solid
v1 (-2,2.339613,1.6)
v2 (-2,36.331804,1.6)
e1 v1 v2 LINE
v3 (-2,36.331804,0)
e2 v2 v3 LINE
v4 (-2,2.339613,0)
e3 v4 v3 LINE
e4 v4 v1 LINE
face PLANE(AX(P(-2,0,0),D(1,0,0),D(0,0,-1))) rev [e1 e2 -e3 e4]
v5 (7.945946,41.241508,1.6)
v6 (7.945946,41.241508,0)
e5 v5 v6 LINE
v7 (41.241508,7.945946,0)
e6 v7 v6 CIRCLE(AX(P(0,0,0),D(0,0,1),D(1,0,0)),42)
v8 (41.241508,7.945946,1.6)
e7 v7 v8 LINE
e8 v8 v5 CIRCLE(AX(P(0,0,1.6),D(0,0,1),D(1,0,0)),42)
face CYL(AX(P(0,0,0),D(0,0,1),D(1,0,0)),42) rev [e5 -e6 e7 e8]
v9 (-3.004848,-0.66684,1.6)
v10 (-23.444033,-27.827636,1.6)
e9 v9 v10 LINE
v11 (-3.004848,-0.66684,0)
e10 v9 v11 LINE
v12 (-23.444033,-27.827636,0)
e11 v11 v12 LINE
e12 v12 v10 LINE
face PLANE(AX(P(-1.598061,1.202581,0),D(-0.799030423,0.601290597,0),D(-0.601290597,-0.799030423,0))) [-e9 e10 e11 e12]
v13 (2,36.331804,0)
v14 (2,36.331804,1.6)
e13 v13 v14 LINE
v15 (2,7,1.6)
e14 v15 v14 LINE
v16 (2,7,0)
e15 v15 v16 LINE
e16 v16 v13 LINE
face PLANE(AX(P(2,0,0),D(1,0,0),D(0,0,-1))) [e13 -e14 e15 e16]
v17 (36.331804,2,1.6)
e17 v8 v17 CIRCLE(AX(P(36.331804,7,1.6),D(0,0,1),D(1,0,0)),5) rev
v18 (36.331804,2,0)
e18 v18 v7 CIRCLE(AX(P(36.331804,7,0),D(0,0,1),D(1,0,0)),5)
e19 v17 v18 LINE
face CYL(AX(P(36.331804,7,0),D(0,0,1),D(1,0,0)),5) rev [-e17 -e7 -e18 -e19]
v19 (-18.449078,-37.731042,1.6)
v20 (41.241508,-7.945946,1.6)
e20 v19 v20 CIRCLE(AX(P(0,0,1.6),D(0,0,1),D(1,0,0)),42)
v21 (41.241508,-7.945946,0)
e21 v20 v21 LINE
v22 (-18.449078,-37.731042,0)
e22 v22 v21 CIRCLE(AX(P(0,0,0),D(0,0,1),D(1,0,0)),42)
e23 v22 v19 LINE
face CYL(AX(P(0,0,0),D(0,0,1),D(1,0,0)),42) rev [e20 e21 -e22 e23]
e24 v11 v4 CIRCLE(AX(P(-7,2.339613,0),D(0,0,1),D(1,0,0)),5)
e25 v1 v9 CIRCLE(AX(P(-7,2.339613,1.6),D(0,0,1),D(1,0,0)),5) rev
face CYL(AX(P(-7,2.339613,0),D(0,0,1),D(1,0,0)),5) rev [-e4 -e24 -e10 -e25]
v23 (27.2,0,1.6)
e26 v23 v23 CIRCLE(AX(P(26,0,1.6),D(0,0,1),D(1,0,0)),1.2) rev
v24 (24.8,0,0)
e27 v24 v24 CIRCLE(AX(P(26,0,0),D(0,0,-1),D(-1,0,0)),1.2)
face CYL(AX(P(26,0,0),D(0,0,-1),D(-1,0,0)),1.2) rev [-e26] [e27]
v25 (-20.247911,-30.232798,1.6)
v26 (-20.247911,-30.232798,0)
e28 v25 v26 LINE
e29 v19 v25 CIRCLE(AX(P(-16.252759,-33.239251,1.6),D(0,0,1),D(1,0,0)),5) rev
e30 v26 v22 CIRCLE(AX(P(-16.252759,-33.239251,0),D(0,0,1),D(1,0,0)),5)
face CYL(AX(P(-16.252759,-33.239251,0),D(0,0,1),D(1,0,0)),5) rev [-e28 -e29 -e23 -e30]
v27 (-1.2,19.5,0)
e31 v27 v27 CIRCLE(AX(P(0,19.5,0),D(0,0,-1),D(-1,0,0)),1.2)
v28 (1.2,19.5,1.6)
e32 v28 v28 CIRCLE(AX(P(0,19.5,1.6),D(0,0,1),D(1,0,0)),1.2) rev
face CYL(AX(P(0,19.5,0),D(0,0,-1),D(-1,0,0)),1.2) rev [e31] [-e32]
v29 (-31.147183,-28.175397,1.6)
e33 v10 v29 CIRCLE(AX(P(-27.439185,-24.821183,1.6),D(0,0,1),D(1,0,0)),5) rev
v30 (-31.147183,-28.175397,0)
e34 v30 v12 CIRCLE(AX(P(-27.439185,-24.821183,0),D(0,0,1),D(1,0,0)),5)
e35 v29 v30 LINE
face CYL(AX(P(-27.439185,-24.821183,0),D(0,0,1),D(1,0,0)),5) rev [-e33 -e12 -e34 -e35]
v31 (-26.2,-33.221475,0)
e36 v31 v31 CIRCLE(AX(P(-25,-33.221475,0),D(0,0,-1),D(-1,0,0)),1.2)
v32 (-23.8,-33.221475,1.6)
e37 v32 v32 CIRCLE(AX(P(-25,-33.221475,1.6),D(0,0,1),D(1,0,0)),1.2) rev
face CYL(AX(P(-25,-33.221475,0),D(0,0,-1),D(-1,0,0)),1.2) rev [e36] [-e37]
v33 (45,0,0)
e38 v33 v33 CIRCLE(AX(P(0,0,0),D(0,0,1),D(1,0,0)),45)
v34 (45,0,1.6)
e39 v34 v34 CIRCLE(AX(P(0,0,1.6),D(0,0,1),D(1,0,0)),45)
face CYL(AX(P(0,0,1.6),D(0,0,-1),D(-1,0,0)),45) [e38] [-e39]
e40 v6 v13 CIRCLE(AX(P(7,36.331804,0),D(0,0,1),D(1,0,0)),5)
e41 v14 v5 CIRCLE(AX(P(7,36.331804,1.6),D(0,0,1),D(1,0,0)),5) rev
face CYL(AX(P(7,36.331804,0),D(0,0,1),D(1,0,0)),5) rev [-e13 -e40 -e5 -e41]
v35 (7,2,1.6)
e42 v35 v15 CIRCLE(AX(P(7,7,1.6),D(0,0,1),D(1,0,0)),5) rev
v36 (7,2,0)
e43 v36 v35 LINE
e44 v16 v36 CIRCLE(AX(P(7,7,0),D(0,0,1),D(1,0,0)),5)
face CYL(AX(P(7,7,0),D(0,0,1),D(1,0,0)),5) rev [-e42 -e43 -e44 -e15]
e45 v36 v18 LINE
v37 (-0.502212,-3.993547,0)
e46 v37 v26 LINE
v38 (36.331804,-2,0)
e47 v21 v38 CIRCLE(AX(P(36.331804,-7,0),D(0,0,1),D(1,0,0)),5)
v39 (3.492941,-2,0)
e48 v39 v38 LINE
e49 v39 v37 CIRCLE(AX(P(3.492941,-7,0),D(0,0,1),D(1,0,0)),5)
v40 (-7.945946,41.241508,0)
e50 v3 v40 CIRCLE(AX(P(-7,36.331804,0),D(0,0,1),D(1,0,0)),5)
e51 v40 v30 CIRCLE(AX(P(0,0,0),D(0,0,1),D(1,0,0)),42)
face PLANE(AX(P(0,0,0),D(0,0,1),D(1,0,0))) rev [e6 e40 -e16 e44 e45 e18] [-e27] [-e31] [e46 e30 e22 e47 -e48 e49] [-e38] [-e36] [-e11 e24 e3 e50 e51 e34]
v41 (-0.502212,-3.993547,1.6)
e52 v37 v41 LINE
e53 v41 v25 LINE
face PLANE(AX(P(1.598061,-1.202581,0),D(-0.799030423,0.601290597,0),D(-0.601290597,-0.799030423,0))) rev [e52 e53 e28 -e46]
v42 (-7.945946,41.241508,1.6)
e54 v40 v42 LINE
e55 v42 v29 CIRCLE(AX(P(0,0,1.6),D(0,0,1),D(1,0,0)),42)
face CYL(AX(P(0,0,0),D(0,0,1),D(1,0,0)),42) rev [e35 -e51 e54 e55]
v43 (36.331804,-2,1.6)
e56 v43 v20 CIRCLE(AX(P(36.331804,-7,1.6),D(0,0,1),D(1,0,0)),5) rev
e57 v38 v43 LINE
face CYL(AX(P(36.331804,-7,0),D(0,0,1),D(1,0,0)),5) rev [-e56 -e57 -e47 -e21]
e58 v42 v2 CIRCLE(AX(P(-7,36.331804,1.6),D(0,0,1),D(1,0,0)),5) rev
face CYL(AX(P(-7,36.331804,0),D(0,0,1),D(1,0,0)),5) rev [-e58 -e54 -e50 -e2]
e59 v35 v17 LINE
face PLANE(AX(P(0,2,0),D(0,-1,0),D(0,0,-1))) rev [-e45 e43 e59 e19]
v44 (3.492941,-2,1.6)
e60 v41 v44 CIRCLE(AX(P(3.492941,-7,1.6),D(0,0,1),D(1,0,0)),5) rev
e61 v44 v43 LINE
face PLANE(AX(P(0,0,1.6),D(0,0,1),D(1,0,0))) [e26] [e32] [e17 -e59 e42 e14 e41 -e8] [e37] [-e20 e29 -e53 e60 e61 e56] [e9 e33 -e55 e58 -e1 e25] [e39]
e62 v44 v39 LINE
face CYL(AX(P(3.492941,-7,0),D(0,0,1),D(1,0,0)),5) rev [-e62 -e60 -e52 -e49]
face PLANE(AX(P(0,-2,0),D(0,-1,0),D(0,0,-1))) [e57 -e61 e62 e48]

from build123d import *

# Parameters (mm, degrees)
SKETCH5_R                = 45
BOSS_EXTRUDE2_DEPTH      = 1.6
M2_CLEARANCE_HOLE2_D     = 2.4
M2_CLEARANCE_HOLE2_DEPTH = 1.6
M2_CLEARANCE_HOLE2_TIP   = 0.721032743
CUT_EXTRUDE1_DEPTH       = 64.659720389
FILLET1_R                = 5


with BuildPart() as part:
    # Sketch5 → Boss-Extrude2 (new body)
    with BuildSketch(Plane(origin=(0, 0, 0), x_dir=(0, 1, 0), z_dir=(0, 0, 1))):
        with Locations(Location((0, 0, 0), (0, 0, 270))):
            Circle(SKETCH5_R)
    extrude(amount=BOSS_EXTRUDE2_DEPTH)

    # M2 Clearance Hole2
    with Locations(Plane.YX):
        with Locations((-33.221475067, -25), (-42, 26), (0, 26), (19.5, 0)):
            Hole(M2_CLEARANCE_HOLE2_D / 2, depth=M2_CLEARANCE_HOLE2_DEPTH)
            with Locations((0, 0, -(M2_CLEARANCE_HOLE2_DEPTH + M2_CLEARANCE_HOLE2_TIP / 2))):  # 118° drill point
                Cone(0, M2_CLEARANCE_HOLE2_D / 2, M2_CLEARANCE_HOLE2_TIP, mode=Mode.SUBTRACT)

    # Sketch8 → Cut-Extrude1 (cut, through all)
    with BuildSketch(Plane.XY.offset(1.6)):
        with BuildLine():
            Line((-23.401939153, -34.424056262), (-23.627495104, -34.723788317))
            ThreePointArc((-23.627495104, -34.723788317), (18.752644965, -37.58108975), (41.952353927, -2))
            Line((41.952353927, -2), (26, -2))
            Line((26, -2), (0.997983033, -2))
            Line((0.997983033, -2), (-23.401939153, -34.424056262))
        make_face()
        with BuildLine():
            Line((-26.823616798, -32.318625928), (-26.598060847, -32.018893872))
            Line((-26.598060847, -32.018893872), (-2, 0.668460732))
            Line((-2, 0.668460732), (-2, 19.5))
            Line((-2, 19.5), (-2, 41.952353927))
            ThreePointArc((-2, 41.952353927), (-39.833965827, 13.313720987), (-26.823616798, -32.318625928))
        make_face()
        with BuildLine():
            ThreePointArc((41.952353927, 2), (29.69848481, 29.69848481), (2, 41.952353927))
            Line((2, 41.952353927), (2, 19.5))
            Line((2, 19.5), (2, 2))
            Line((2, 2), (26, 2))
            Line((26, 2), (41.952353927, 2))
        make_face()
    extrude(amount=-CUT_EXTRUDE1_DEPTH, mode=Mode.SUBTRACT)

    # Fillet1
    fillet1_edges = [part.edges().sort_by_distance(p)[0] for p in [
        (41.952353927, 2, 0.8),
        (2, 2, 0.8),
        (2, 41.952353927, 0.8),
        (-2, 41.952353927, 0.8),
        (-2, 0.668460732, 0.8),
        (-26.823616798, -32.318625928, 0.8),
        (-23.627495104, -34.723788317, 0.8),
        (0.997983033, -2, 0.8),
        (41.952353927, -2, 0.8),
    ]]
    fillet(fillet1_edges, radius=FILLET1_R)


solid = part.part
